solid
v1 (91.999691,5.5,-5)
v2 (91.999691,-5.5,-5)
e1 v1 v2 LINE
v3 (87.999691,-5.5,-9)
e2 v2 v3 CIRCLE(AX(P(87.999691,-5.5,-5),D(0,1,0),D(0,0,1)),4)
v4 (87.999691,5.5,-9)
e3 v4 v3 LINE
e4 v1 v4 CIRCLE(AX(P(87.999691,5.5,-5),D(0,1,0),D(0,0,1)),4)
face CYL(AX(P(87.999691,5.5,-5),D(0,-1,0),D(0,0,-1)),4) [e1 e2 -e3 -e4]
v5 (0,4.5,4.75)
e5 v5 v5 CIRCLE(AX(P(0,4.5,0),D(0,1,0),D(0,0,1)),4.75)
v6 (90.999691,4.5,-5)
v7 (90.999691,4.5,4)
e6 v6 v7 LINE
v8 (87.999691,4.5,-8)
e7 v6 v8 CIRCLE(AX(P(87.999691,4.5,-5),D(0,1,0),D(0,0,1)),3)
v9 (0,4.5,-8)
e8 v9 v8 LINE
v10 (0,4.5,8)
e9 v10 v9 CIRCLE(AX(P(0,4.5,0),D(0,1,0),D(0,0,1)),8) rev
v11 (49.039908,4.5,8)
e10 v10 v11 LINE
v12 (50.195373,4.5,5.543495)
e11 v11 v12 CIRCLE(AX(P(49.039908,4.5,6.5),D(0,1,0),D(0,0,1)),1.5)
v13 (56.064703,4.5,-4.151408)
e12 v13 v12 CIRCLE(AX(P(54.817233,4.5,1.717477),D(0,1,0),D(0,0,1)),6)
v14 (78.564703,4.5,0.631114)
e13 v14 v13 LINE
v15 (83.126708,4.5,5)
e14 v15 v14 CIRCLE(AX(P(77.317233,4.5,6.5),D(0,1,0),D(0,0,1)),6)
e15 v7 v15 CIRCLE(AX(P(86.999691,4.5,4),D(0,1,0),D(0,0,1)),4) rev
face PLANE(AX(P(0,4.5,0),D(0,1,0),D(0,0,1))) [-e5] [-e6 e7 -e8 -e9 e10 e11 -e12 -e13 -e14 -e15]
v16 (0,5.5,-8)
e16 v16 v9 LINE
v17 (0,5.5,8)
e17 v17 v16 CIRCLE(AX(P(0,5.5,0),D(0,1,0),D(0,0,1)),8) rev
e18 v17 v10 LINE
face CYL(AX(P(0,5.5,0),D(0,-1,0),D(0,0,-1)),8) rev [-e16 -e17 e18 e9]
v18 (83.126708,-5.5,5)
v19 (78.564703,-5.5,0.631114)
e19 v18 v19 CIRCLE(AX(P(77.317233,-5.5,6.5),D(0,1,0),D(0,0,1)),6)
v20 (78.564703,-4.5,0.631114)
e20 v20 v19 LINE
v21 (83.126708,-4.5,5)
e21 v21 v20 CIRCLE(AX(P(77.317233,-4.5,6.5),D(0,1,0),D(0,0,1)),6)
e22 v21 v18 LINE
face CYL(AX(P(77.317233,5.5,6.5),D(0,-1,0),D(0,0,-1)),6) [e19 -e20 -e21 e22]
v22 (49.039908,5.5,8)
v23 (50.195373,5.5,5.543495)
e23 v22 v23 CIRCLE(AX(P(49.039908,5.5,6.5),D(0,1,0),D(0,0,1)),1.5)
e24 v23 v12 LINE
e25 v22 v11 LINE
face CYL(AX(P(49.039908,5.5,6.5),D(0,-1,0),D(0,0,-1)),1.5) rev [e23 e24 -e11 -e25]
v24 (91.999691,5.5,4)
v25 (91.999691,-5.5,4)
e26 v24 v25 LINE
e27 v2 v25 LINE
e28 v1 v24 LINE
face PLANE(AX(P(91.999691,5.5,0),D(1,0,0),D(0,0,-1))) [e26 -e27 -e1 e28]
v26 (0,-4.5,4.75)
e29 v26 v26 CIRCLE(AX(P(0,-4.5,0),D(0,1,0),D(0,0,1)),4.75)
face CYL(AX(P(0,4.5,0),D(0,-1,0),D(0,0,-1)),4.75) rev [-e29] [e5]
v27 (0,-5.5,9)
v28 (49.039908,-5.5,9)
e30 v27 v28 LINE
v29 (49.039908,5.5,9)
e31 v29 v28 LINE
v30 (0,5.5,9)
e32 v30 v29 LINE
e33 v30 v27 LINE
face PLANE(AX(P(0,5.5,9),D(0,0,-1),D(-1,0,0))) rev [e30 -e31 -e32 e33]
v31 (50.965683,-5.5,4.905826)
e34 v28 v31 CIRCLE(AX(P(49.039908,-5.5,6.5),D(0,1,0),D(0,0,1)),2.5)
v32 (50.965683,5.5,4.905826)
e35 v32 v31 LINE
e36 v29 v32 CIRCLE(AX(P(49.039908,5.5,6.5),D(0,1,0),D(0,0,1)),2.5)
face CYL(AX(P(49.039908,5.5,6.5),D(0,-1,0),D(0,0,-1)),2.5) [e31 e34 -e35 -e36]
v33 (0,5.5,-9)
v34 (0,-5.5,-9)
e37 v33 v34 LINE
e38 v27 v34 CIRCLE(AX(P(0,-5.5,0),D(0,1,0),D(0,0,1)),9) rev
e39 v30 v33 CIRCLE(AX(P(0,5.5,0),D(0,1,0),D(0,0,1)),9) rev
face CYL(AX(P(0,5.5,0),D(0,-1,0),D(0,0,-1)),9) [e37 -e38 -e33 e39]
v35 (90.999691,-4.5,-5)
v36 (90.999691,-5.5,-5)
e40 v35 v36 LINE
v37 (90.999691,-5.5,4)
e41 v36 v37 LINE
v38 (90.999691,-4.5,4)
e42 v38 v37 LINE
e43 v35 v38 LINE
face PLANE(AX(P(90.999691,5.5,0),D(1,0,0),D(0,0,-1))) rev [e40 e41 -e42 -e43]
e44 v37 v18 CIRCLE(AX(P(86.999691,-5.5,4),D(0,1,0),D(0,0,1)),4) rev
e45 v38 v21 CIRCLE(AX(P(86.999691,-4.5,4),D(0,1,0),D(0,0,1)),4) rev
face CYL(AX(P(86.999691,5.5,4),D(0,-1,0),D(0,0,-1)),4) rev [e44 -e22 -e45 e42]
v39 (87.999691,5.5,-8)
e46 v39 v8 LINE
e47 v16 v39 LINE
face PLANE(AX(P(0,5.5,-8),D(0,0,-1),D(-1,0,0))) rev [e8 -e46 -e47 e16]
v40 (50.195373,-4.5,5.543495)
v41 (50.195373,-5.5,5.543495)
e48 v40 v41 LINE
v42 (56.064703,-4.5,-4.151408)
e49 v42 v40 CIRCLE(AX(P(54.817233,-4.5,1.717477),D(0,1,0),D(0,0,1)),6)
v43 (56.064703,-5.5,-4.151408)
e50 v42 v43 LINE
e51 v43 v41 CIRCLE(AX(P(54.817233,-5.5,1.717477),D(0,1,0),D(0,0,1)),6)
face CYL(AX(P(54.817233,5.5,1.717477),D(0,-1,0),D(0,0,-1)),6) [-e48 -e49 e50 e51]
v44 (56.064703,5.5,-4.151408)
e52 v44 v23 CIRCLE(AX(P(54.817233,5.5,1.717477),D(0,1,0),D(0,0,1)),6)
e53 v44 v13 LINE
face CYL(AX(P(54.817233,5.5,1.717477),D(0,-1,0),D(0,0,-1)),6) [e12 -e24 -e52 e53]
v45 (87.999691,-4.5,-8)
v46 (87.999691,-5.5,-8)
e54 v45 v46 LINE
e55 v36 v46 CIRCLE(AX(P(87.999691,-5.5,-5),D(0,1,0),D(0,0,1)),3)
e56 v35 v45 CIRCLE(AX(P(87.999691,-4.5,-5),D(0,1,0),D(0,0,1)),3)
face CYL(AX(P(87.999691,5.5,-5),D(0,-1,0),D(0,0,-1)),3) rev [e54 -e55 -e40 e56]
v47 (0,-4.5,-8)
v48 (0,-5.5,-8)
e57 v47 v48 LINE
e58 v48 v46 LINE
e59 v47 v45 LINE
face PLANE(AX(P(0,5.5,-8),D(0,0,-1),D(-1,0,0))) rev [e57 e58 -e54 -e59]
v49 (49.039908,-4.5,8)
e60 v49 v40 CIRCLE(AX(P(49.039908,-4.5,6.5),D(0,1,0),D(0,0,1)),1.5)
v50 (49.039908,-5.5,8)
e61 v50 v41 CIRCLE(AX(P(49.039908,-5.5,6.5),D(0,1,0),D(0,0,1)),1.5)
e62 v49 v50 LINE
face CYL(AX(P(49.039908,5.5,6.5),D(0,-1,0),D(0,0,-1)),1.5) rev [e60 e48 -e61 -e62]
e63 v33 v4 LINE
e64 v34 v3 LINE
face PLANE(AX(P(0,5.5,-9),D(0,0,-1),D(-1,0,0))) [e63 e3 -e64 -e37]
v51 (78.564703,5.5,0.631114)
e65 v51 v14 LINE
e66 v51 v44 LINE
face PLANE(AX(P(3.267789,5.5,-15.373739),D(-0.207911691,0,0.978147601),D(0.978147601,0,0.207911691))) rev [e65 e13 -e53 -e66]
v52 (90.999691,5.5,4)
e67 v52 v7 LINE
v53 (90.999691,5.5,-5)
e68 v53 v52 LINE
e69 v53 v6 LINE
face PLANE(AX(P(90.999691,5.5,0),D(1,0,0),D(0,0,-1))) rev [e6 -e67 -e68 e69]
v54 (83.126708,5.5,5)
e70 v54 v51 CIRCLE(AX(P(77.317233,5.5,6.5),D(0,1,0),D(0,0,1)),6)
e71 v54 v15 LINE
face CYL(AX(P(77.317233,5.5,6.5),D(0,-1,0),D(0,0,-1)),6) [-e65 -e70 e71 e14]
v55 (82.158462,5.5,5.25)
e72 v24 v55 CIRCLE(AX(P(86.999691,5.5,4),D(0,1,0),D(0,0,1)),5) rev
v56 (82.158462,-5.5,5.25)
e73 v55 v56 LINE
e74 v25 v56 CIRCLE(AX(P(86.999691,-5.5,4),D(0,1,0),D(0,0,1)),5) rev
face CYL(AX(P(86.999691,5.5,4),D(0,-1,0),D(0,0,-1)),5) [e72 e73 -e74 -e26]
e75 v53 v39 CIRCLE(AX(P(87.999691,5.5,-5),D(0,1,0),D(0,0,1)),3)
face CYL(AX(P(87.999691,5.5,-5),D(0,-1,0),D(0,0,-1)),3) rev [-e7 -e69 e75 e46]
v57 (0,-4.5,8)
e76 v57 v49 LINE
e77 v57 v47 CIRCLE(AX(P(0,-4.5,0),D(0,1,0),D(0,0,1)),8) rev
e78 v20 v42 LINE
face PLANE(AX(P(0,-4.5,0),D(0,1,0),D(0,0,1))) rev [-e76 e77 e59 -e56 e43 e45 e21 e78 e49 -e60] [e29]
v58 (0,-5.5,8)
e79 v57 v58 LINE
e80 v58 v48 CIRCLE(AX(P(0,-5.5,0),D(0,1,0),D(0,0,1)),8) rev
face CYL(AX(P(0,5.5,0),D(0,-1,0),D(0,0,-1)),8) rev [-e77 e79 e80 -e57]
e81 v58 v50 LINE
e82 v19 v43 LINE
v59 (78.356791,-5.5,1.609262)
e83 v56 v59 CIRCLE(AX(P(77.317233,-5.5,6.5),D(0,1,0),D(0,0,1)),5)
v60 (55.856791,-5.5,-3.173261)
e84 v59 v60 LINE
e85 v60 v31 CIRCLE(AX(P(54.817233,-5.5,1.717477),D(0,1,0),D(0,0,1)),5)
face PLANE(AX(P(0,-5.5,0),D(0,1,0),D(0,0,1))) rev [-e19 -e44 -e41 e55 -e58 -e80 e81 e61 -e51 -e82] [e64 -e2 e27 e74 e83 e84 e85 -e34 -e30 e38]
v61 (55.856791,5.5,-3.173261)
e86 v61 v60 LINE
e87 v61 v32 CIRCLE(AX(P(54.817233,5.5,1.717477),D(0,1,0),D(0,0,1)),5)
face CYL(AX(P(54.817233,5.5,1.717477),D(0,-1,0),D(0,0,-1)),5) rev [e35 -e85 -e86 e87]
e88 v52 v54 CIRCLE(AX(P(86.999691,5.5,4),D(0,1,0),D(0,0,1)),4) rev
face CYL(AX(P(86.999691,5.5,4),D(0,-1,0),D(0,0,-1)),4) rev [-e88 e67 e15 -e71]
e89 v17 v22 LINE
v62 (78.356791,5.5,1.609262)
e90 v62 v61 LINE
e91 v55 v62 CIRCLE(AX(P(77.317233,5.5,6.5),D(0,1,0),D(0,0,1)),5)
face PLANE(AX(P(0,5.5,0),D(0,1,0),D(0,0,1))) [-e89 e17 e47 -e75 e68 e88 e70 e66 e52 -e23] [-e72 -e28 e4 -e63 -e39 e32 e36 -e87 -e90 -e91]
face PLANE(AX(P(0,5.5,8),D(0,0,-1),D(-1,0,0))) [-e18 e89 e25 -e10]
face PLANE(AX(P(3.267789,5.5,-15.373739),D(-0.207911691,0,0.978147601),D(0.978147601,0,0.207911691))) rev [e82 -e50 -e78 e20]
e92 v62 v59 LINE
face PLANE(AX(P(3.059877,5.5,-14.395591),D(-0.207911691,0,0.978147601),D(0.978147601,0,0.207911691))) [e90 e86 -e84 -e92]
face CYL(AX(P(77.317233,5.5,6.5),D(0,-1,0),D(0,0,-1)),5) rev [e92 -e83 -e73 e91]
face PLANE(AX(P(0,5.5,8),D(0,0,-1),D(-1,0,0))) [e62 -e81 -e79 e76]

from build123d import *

# Parameters (mm, degrees)
BOSS_EXTRUDE6_DEPTH = 5.5
SKETCH1_6_R         = 4.75
BOSS_EXTRUDE7_DEPTH = 4.5


with BuildPart() as part:
    # Sketch1 → Boss-Extrude6 (new, symmetric)
    with BuildSketch(Plane(origin=(0, 0, 0), x_dir=(1, 0, 0), z_dir=(0, 1, 0))):
        with BuildLine():
            Line((87.999691057, 9), (0, 9))
            ThreePointArc((0, 9), (-9, 0), (0, -9))
            Line((0, -9), (49.039908292, -9))
            ThreePointArc((49.039908292, -9), (51.302145628, -7.564087513), (50.965683092, -4.905825787))
            ThreePointArc((50.965683092, -4.905825787), (50.53999843, 0.871975682), (55.856791146, 3.173260641))
            Line((55.856791146, 3.173260641), (78.356791146, -1.609261996))
            ThreePointArc((78.356791146, -1.609261996), (80.775506699, -2.888858783), (82.158461874, -5.25))
            ThreePointArc((82.158461874, -5.25), (87.629712519, -8.960148481), (91.999691057, -4))
            Line((91.999691057, -4), (91.999691057, 5))
            ThreePointArc((91.999691057, 5), (90.828118182, 7.828427125), (87.999691057, 9))
        make_face()
        with BuildLine():
            ThreePointArc((0, -8), (-8, 0), (0, 8))
            Line((0, 8), (87.999691057, 8))
            ThreePointArc((87.999691057, 8), (90.121011401, 7.121320344), (90.999691057, 5))
            Line((90.999691057, 5), (90.999691057, -4))
            ThreePointArc((90.999691057, -4), (87.503708227, -7.968118785), (83.126707711, -5))
            ThreePointArc((83.126707711, -5), (81.4671615, -2.166630539), (78.564702836, -0.631114396))
            Line((78.564702836, -0.631114396), (56.064702836, 4.151408242))
            ThreePointArc((56.064702836, 4.151408242), (49.684551577, 1.389866291), (50.195373172, -5.543495472))
            ThreePointArc((50.195373172, -5.543495472), (50.397250693, -7.138452508), (49.039908292, -8))
            Line((49.039908292, -8), (0, -8))
        make_face(mode=Mode.SUBTRACT)
    extrude(amount=BOSS_EXTRUDE6_DEPTH, both=True)

    # Sketch1<6> → Boss-Extrude7 (add, symmetric)
    with BuildSketch(Plane(origin=(0, 0, 0), x_dir=(1, 0, 0), z_dir=(0, 1, 0))):
        with BuildLine():
            Line((87.999691057, 8), (0, 8))
            ThreePointArc((0, 8), (-8, 0), (0, -8))
            Line((0, -8), (49.039908292, -8))
            ThreePointArc((49.039908292, -8), (50.397250693, -7.138452508), (50.195373172, -5.543495472))
            ThreePointArc((50.195373172, -5.543495472), (49.684551577, 1.389866291), (56.064702836, 4.151408242))
            Line((56.064702836, 4.151408242), (78.564702836, -0.631114396))
            ThreePointArc((78.564702836, -0.631114396), (81.4671615, -2.166630539), (83.126707711, -5))
            ThreePointArc((83.126707711, -5), (87.503708227, -7.968118785), (90.999691057, -4))
            Line((90.999691057, -4), (90.999691057, 5))
            ThreePointArc((90.999691057, 5), (90.121011401, 7.121320344), (87.999691057, 8))
        make_face()
        Circle(SKETCH1_6_R, mode=Mode.SUBTRACT)
    extrude(amount=BOSS_EXTRUDE7_DEPTH, both=True)


solid = part.part
